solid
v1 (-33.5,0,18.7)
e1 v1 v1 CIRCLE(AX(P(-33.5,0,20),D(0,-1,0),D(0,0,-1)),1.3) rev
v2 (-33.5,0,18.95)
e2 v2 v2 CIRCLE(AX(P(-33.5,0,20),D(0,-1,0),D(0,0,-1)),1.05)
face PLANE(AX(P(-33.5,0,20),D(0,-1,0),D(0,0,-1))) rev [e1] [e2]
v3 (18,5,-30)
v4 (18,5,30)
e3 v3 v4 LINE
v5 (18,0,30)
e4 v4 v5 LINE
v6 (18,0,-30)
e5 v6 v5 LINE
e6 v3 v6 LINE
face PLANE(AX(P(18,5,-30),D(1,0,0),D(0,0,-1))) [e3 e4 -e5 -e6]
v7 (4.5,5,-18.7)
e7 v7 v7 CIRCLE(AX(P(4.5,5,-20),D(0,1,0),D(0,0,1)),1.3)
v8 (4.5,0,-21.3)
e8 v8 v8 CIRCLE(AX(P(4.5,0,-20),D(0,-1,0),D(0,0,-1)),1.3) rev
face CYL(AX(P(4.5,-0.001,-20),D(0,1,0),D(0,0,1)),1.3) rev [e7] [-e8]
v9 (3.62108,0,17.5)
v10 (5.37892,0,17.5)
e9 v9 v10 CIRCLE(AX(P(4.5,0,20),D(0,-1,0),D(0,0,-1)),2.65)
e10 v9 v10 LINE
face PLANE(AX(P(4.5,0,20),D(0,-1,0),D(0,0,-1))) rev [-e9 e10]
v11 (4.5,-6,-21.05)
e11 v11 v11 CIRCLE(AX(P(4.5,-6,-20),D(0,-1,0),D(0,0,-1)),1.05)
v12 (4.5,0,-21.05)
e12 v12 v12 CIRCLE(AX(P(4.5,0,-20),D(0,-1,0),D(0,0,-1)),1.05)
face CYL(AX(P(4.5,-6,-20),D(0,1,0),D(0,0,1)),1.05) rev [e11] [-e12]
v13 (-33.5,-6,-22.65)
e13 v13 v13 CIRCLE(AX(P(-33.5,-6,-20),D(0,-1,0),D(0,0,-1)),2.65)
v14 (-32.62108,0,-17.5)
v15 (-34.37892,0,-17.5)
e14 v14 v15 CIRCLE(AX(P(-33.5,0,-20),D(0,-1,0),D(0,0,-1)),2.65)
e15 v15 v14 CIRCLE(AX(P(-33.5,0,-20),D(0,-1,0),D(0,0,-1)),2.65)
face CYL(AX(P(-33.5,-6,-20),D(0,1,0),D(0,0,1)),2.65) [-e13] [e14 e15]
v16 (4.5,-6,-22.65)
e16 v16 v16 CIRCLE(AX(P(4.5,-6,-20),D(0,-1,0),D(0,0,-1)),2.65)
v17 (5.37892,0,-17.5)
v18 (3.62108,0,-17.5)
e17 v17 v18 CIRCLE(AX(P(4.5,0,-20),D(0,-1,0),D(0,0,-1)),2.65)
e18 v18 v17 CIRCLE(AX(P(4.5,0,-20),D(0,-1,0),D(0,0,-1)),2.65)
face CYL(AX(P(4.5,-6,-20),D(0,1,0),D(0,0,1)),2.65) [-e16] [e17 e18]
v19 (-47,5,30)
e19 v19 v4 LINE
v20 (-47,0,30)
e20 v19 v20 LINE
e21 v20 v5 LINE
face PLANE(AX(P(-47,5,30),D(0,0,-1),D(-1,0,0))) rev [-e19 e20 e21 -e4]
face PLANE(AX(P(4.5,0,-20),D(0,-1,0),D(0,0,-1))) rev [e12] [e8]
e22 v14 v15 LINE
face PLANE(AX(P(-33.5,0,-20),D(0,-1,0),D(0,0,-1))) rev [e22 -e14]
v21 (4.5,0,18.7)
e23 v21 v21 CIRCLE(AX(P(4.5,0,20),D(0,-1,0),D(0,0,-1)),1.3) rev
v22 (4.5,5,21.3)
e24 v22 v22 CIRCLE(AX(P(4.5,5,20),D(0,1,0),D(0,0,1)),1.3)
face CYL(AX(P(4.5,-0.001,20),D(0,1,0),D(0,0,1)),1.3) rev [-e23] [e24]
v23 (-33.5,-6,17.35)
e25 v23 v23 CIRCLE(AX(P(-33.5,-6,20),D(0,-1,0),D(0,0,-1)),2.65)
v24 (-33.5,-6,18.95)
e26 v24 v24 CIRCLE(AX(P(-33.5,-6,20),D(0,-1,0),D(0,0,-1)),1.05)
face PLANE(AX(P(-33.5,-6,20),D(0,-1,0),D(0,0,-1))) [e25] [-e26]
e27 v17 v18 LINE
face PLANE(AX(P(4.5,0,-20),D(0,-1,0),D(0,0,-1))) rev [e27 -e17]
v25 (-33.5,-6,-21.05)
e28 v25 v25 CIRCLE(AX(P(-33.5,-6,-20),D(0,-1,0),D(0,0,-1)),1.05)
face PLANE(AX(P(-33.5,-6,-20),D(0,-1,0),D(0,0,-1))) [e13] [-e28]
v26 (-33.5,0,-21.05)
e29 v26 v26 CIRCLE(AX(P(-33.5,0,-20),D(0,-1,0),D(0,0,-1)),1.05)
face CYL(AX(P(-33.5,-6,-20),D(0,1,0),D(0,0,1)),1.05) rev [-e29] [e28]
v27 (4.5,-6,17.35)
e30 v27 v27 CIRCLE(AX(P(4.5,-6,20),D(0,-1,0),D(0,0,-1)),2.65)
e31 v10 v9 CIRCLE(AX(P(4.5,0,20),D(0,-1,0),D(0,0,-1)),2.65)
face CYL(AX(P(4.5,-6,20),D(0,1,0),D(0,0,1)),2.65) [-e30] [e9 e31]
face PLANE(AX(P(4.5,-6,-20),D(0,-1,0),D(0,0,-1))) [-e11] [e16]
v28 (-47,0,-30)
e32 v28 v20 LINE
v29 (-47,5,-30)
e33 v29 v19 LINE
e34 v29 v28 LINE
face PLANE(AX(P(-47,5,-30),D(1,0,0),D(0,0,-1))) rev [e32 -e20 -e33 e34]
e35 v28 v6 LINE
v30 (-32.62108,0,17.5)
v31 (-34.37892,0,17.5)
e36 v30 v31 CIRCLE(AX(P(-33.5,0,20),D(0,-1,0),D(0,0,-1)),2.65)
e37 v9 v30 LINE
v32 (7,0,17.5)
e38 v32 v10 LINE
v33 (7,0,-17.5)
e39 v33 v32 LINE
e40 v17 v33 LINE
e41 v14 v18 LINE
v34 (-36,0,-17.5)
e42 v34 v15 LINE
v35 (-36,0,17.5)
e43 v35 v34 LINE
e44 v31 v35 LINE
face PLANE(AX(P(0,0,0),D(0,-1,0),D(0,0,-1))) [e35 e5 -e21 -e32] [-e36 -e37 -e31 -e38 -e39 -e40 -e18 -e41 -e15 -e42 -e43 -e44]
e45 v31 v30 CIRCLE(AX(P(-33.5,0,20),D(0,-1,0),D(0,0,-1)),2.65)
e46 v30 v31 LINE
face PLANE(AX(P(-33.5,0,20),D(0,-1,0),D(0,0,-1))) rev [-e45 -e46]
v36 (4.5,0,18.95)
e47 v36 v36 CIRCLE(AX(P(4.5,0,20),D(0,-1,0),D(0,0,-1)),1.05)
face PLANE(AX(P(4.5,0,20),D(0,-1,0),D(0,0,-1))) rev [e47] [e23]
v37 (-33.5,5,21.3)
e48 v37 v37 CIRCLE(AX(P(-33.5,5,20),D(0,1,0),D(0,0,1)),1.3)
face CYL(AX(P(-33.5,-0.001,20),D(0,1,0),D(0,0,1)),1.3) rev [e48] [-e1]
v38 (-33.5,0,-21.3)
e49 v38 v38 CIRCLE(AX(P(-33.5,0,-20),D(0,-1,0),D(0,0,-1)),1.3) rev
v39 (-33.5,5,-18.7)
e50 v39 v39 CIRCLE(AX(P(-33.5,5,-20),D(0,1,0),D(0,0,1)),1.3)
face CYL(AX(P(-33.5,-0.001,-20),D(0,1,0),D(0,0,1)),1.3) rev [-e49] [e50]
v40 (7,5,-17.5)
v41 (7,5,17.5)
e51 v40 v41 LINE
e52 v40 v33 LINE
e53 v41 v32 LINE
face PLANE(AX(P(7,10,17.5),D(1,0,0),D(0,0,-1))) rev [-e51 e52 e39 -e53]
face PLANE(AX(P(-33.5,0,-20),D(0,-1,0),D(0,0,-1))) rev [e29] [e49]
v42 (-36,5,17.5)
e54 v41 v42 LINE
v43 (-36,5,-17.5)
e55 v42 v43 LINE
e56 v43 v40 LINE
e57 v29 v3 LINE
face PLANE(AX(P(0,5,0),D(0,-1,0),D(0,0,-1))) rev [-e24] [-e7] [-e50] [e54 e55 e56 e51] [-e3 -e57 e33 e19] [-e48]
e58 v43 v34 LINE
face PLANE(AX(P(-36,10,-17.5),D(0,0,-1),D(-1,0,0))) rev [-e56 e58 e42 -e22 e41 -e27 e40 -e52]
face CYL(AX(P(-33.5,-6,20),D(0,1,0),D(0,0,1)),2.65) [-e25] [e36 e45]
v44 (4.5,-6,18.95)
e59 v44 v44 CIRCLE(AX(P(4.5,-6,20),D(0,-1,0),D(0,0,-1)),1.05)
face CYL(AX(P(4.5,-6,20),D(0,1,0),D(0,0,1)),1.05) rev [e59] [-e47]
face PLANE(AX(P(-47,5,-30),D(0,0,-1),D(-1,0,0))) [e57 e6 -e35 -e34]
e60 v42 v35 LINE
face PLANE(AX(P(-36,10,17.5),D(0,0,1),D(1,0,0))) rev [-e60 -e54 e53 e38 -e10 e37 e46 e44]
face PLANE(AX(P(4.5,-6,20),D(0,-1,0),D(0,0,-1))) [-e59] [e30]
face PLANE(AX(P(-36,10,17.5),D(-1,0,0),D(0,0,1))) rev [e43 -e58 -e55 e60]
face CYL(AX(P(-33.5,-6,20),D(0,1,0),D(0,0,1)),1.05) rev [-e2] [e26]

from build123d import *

# Parameters (mm, degrees)
SKETCH3_W           = 65
SKETCH3_H           = 60
BOSS_EXTRUDE3_DEPTH = 5
SKETCH5_W           = 43
SKETCH5_H           = 35
CUT_EXTRUDE2_DEPTH  = 10
CUT_EXTRUDE1_REACH  = 57.982
SKETCH4_R           = 1.3
SKETCH9_R           = 2.65
SKETCH9_R_2         = 1.05
BOSS_EXTRUDE5_DEPTH = 6


with BuildPart() as part:
    # Sketch3 → Boss-Extrude3 (new body)
    with BuildSketch(Plane(origin=(0, 0, 0), x_dir=(1, 0, 0), z_dir=(0, 1, 0))):
        with Locations((-14.5, 0)):
            Rectangle(SKETCH3_W, SKETCH3_H)
    extrude(amount=BOSS_EXTRUDE3_DEPTH)

    # Sketch5 → Cut-Extrude2 (cut)
    with BuildSketch(Plane.XZ):
        with Locations((-14.5, 0)):
            Rectangle(SKETCH5_W, SKETCH5_H)
    extrude(amount=-CUT_EXTRUDE2_DEPTH, mode=Mode.SUBTRACT)

    # Sketch4 → Cut-Extrude1 (cut, up to next)
    with BuildSketch(Plane(origin=(0, 5, 0), x_dir=(1, 0, 0), z_dir=(0, 1, 0)), mode=Mode.PRIVATE) as cut_extrude1_sk1:
        with Locations(Location((-33.5, 20, 0), (0, 0, 270))):
            Circle(SKETCH4_R)
    cut_extrude1_tool1 = extrude(cut_extrude1_sk1.sketch, amount=-CUT_EXTRUDE1_REACH, mode=Mode.PRIVATE) & part.part
    # Sketch4 → Cut-Extrude1 (cut, up to next)
    with BuildSketch(Plane(origin=(0, 5, 0), x_dir=(1, 0, 0), z_dir=(0, 1, 0)), mode=Mode.PRIVATE) as cut_extrude1_sk2:
        with Locations(Location((4.5, 20, 0), (0, 0, 270))):
            Circle(SKETCH4_R)
    cut_extrude1_tool2 = extrude(cut_extrude1_sk2.sketch, amount=-CUT_EXTRUDE1_REACH, mode=Mode.PRIVATE) & part.part
    # Sketch4 → Cut-Extrude1 (cut, up to next)
    with BuildSketch(Plane(origin=(0, 5, 0), x_dir=(1, 0, 0), z_dir=(0, 1, 0)), mode=Mode.PRIVATE) as cut_extrude1_sk3:
        with Locations(Location((4.5, -20, 0), (0, 0, 270))):
            Circle(SKETCH4_R)
    cut_extrude1_tool3 = extrude(cut_extrude1_sk3.sketch, amount=-CUT_EXTRUDE1_REACH, mode=Mode.PRIVATE) & part.part
    # Sketch4 → Cut-Extrude1 (cut, up to next)
    with BuildSketch(Plane(origin=(0, 5, 0), x_dir=(1, 0, 0), z_dir=(0, 1, 0)), mode=Mode.PRIVATE) as cut_extrude1_sk4:
        with Locations(Location((-33.5, -20, 0), (0, 0, 270))):
            Circle(SKETCH4_R)
    cut_extrude1_tool4 = extrude(cut_extrude1_sk4.sketch, amount=-CUT_EXTRUDE1_REACH, mode=Mode.PRIVATE) & part.part
    add(cut_extrude1_tool1.solids().sort_by_distance((-33.5, 5, -20))[0], mode=Mode.SUBTRACT)
    add(cut_extrude1_tool2.solids().sort_by_distance((4.5, 5, -20))[0], mode=Mode.SUBTRACT)
    add(cut_extrude1_tool3.solids().sort_by_distance((4.5, 5, 20))[0], mode=Mode.SUBTRACT)
    add(cut_extrude1_tool4.solids().sort_by_distance((-33.5, 5, 20))[0], mode=Mode.SUBTRACT)

    # Sketch9 → Boss-Extrude5 (add)
    # profile 1 of 4: a face of its own
    with BuildSketch(Plane.XZ):
        with Locations(Location((-33.5, 20, 0), (0, 0, 250.629961754))):
            Circle(SKETCH9_R)
        with Locations(Location((-33.5, 20, 0), (0, 0, 270))):
            Circle(SKETCH9_R_2, mode=Mode.SUBTRACT)
    # profile 2 of 4: a face of its own
    with BuildSketch(Plane.XZ):
        with Locations(Location((-33.5, -20, 0), (0, 0, 109.370038246))):
            Circle(SKETCH9_R)
        with Locations(Location((-33.5, -20, 0), (0, 0, 270))):
            Circle(SKETCH9_R_2, mode=Mode.SUBTRACT)
    # profile 3 of 4: a face of its own
    with BuildSketch(Plane.XZ):
        with Locations(Location((4.5, 20, 0), (0, 0, 289.370038246))):
            Circle(SKETCH9_R)
        with Locations(Location((4.5, 20, 0), (0, 0, 270))):
            Circle(SKETCH9_R_2, mode=Mode.SUBTRACT)
    # profile 4 of 4: a face of its own
    with BuildSketch(Plane.XZ):
        with Locations(Location((4.5, -20, 0), (0, 0, 109.370038246))):
            Circle(SKETCH9_R)
        with Locations(Location((4.5, -20, 0), (0, 0, 270))):
            Circle(SKETCH9_R_2, mode=Mode.SUBTRACT)
    extrude(amount=BOSS_EXTRUDE5_DEPTH)


solid = part.part
